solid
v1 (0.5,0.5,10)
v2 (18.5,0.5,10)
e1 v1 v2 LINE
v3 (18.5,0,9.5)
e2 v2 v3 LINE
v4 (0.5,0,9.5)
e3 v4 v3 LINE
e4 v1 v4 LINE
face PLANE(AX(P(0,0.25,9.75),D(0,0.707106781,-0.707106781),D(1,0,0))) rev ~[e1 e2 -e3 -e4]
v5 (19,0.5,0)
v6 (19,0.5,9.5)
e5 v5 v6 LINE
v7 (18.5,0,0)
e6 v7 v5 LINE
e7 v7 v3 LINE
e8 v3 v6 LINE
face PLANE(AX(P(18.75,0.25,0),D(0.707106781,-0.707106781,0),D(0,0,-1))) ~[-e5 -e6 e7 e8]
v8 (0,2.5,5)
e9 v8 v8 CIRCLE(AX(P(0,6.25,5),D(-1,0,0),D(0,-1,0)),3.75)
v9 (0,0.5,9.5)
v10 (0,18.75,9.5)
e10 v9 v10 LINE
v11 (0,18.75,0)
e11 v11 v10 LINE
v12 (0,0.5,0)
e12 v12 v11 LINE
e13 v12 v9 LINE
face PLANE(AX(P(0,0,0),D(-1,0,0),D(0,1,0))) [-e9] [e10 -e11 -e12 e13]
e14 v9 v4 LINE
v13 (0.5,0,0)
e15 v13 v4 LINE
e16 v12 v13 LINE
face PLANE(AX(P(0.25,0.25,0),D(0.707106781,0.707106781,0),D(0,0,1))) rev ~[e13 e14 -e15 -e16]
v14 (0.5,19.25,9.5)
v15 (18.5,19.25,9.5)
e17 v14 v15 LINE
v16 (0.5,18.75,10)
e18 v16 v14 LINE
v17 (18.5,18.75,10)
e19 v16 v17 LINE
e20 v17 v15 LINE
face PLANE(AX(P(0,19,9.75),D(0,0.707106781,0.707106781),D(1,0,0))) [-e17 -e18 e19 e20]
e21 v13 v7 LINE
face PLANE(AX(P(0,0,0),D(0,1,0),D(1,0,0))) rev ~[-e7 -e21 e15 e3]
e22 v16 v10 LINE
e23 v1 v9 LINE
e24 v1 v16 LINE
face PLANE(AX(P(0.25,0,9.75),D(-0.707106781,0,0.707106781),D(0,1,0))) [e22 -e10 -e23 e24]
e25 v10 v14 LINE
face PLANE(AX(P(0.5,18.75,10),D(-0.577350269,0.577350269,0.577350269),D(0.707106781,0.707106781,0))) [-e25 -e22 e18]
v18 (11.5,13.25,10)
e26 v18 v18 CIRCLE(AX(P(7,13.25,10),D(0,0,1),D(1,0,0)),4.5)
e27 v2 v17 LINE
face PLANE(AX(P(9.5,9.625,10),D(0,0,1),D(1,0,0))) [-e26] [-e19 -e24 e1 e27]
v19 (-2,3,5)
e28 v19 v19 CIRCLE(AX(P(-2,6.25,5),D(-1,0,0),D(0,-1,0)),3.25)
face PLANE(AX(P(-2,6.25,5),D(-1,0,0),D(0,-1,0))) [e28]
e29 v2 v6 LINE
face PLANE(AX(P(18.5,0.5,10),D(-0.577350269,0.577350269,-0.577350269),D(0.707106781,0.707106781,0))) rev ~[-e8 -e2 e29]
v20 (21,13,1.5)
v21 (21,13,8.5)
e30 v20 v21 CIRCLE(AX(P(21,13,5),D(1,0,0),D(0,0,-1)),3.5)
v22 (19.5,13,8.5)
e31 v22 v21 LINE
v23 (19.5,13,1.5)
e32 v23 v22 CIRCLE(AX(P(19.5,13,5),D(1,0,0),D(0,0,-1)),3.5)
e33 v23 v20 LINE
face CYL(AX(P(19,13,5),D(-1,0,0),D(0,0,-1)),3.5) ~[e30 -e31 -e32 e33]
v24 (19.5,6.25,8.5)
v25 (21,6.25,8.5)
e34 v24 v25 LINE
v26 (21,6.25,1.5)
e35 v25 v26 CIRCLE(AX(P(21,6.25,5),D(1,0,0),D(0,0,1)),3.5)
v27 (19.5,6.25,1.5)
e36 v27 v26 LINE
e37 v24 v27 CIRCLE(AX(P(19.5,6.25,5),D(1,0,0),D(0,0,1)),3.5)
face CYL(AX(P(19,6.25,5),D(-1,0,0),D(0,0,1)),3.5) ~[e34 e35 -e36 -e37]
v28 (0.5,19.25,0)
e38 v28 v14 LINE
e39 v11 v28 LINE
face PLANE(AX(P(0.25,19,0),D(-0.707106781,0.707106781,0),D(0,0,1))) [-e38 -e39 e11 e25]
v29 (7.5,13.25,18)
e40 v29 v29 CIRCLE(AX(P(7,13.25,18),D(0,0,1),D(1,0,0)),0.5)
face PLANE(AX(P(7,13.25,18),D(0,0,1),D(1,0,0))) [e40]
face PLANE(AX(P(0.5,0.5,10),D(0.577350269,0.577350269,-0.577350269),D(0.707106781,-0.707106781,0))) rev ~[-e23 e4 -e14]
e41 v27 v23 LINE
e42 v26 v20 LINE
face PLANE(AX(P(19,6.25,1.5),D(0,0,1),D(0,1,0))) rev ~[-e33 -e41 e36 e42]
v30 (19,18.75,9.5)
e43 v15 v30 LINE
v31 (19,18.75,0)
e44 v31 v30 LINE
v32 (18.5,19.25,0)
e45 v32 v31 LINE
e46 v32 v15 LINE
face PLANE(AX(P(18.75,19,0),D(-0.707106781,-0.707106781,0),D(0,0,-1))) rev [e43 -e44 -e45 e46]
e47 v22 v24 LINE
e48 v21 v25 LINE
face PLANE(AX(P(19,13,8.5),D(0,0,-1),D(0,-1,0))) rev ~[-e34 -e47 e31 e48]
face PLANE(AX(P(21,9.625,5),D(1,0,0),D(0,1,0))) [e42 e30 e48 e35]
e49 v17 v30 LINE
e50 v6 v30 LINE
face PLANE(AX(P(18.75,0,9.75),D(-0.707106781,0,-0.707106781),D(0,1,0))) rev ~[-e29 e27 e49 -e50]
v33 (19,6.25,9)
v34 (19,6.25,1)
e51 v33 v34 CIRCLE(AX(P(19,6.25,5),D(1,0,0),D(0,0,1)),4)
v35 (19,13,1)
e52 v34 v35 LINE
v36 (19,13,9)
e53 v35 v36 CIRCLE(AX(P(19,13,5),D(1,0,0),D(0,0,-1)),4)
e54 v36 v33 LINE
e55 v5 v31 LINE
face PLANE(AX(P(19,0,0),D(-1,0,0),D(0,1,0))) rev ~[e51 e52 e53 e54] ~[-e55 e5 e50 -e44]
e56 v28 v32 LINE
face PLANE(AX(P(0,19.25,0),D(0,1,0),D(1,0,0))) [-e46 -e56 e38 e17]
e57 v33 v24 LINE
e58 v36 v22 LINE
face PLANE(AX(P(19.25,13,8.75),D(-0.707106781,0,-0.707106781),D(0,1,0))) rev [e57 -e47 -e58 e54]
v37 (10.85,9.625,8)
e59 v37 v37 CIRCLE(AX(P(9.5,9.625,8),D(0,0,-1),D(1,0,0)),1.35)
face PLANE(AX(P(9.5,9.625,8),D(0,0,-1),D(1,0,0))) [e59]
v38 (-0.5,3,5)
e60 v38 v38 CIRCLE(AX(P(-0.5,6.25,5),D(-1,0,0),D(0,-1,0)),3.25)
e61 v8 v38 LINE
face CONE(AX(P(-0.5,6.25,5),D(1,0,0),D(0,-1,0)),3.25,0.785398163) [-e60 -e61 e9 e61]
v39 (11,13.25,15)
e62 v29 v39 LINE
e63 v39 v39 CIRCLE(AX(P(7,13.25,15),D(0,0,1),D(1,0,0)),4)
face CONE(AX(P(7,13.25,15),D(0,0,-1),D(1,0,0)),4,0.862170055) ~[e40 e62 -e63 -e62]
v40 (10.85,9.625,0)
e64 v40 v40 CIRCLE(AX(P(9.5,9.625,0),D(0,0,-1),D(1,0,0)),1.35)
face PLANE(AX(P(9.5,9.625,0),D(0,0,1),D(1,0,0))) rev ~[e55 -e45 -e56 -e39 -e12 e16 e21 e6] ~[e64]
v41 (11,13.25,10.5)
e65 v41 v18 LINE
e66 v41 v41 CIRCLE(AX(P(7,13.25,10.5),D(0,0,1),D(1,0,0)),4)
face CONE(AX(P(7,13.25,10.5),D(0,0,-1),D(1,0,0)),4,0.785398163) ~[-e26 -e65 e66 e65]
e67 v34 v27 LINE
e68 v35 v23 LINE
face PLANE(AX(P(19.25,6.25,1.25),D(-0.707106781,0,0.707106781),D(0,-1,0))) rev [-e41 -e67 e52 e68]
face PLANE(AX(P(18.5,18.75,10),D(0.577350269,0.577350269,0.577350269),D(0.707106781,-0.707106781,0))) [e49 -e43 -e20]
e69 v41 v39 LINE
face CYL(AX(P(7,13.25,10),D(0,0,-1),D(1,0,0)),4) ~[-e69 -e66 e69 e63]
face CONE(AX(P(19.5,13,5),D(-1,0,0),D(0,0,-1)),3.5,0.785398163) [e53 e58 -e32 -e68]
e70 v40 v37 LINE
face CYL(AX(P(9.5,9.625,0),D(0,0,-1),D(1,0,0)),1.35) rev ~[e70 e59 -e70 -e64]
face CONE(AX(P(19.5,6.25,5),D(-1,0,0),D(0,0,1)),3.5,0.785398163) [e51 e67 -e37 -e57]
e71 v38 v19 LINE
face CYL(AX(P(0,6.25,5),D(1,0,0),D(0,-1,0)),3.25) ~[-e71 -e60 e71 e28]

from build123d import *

# Parameters (mm, degrees)
F0_W      = 19
F0_H      = 19.25
F1_DEPTH  = 10
F2_R      = 4
F3_DEPTH  = 8
F4_SIZE2  = 3
F4_SIZE   = 3.5
F5_R      = 3.25
F6_DEPTH  = 2
F8_DEPTH  = 2
F9_SIZE   = 0.5
F10_R     = 1.35
F11_DEPTH = 8


with BuildPart() as f1:
    # F0 (on Top) → F1 (new body)
    with BuildSketch(Plane.XY):
        with Locations((9.5, 9.625)):
            Rectangle(F0_W, F0_H)
    extrude(amount=F1_DEPTH)

    # F2 (on face) → F3 (join)
    with BuildSketch(Plane.XY.offset(10)):
        with Locations((7, 13.25)):
            Circle(F2_R)
    extrude(amount=F3_DEPTH)

    # F4
    f4_edges = [f1.edges().sort_by_distance(p)[0] for p in [
        (3, 13.25, 18),
    ]]
    f4_side = f1.faces().sort_by_distance((7, 13.25, 18))[0]
    chamfer(f4_edges, length=F4_SIZE, length2=F4_SIZE2, reference=f4_side)

    # F5 (on face) → F6 (join)
    with BuildSketch(Plane(origin=(0, 0, 0), x_dir=(0, -1, 0), z_dir=(-1, 0, 0))):
        with Locations((-6.25, 5)):
            Circle(F5_R)
    extrude(amount=F6_DEPTH)

    # F7 (on face) → F8 (join)
    with BuildSketch(Plane.YZ.offset(19)):
        with BuildLine():
            Line((13, 8.5), (6.25, 8.5))
            ThreePointArc((6.25, 8.5), (2.75, 5), (6.25, 1.5))
            Line((6.25, 1.5), (13, 1.5))
            ThreePointArc((13, 1.5), (16.5, 5), (13, 8.5))
        make_face()
    extrude(amount=F8_DEPTH)

    # F9
    f9_edges = [f1.edges().sort_by_distance(p)[0] for p in [
        (19, 19.25, 5),
        (0, 19.25, 5),
        (0, 0, 5),
        (19, 0, 5),
        (0, 9.625, 10),
        (9.5, 19.25, 10),
        (9.5, 0, 10),
        (19, 9.625, 10),
        (3, 13.25, 10),
        (0, 9.5, 5),
        (19, 9.625, 8.5),
    ]]
    chamfer(f9_edges, length=F9_SIZE)

    # F10 (on face) → F11 (cut)
    with BuildSketch(Plane(origin=(0, 0, 0), x_dir=(1, 0, 0), z_dir=(0, 0, -1))):
        with Locations((9.5, -9.625)):
            Circle(F10_R)
    extrude(amount=-F11_DEPTH, mode=Mode.SUBTRACT)


solid = f1.part
